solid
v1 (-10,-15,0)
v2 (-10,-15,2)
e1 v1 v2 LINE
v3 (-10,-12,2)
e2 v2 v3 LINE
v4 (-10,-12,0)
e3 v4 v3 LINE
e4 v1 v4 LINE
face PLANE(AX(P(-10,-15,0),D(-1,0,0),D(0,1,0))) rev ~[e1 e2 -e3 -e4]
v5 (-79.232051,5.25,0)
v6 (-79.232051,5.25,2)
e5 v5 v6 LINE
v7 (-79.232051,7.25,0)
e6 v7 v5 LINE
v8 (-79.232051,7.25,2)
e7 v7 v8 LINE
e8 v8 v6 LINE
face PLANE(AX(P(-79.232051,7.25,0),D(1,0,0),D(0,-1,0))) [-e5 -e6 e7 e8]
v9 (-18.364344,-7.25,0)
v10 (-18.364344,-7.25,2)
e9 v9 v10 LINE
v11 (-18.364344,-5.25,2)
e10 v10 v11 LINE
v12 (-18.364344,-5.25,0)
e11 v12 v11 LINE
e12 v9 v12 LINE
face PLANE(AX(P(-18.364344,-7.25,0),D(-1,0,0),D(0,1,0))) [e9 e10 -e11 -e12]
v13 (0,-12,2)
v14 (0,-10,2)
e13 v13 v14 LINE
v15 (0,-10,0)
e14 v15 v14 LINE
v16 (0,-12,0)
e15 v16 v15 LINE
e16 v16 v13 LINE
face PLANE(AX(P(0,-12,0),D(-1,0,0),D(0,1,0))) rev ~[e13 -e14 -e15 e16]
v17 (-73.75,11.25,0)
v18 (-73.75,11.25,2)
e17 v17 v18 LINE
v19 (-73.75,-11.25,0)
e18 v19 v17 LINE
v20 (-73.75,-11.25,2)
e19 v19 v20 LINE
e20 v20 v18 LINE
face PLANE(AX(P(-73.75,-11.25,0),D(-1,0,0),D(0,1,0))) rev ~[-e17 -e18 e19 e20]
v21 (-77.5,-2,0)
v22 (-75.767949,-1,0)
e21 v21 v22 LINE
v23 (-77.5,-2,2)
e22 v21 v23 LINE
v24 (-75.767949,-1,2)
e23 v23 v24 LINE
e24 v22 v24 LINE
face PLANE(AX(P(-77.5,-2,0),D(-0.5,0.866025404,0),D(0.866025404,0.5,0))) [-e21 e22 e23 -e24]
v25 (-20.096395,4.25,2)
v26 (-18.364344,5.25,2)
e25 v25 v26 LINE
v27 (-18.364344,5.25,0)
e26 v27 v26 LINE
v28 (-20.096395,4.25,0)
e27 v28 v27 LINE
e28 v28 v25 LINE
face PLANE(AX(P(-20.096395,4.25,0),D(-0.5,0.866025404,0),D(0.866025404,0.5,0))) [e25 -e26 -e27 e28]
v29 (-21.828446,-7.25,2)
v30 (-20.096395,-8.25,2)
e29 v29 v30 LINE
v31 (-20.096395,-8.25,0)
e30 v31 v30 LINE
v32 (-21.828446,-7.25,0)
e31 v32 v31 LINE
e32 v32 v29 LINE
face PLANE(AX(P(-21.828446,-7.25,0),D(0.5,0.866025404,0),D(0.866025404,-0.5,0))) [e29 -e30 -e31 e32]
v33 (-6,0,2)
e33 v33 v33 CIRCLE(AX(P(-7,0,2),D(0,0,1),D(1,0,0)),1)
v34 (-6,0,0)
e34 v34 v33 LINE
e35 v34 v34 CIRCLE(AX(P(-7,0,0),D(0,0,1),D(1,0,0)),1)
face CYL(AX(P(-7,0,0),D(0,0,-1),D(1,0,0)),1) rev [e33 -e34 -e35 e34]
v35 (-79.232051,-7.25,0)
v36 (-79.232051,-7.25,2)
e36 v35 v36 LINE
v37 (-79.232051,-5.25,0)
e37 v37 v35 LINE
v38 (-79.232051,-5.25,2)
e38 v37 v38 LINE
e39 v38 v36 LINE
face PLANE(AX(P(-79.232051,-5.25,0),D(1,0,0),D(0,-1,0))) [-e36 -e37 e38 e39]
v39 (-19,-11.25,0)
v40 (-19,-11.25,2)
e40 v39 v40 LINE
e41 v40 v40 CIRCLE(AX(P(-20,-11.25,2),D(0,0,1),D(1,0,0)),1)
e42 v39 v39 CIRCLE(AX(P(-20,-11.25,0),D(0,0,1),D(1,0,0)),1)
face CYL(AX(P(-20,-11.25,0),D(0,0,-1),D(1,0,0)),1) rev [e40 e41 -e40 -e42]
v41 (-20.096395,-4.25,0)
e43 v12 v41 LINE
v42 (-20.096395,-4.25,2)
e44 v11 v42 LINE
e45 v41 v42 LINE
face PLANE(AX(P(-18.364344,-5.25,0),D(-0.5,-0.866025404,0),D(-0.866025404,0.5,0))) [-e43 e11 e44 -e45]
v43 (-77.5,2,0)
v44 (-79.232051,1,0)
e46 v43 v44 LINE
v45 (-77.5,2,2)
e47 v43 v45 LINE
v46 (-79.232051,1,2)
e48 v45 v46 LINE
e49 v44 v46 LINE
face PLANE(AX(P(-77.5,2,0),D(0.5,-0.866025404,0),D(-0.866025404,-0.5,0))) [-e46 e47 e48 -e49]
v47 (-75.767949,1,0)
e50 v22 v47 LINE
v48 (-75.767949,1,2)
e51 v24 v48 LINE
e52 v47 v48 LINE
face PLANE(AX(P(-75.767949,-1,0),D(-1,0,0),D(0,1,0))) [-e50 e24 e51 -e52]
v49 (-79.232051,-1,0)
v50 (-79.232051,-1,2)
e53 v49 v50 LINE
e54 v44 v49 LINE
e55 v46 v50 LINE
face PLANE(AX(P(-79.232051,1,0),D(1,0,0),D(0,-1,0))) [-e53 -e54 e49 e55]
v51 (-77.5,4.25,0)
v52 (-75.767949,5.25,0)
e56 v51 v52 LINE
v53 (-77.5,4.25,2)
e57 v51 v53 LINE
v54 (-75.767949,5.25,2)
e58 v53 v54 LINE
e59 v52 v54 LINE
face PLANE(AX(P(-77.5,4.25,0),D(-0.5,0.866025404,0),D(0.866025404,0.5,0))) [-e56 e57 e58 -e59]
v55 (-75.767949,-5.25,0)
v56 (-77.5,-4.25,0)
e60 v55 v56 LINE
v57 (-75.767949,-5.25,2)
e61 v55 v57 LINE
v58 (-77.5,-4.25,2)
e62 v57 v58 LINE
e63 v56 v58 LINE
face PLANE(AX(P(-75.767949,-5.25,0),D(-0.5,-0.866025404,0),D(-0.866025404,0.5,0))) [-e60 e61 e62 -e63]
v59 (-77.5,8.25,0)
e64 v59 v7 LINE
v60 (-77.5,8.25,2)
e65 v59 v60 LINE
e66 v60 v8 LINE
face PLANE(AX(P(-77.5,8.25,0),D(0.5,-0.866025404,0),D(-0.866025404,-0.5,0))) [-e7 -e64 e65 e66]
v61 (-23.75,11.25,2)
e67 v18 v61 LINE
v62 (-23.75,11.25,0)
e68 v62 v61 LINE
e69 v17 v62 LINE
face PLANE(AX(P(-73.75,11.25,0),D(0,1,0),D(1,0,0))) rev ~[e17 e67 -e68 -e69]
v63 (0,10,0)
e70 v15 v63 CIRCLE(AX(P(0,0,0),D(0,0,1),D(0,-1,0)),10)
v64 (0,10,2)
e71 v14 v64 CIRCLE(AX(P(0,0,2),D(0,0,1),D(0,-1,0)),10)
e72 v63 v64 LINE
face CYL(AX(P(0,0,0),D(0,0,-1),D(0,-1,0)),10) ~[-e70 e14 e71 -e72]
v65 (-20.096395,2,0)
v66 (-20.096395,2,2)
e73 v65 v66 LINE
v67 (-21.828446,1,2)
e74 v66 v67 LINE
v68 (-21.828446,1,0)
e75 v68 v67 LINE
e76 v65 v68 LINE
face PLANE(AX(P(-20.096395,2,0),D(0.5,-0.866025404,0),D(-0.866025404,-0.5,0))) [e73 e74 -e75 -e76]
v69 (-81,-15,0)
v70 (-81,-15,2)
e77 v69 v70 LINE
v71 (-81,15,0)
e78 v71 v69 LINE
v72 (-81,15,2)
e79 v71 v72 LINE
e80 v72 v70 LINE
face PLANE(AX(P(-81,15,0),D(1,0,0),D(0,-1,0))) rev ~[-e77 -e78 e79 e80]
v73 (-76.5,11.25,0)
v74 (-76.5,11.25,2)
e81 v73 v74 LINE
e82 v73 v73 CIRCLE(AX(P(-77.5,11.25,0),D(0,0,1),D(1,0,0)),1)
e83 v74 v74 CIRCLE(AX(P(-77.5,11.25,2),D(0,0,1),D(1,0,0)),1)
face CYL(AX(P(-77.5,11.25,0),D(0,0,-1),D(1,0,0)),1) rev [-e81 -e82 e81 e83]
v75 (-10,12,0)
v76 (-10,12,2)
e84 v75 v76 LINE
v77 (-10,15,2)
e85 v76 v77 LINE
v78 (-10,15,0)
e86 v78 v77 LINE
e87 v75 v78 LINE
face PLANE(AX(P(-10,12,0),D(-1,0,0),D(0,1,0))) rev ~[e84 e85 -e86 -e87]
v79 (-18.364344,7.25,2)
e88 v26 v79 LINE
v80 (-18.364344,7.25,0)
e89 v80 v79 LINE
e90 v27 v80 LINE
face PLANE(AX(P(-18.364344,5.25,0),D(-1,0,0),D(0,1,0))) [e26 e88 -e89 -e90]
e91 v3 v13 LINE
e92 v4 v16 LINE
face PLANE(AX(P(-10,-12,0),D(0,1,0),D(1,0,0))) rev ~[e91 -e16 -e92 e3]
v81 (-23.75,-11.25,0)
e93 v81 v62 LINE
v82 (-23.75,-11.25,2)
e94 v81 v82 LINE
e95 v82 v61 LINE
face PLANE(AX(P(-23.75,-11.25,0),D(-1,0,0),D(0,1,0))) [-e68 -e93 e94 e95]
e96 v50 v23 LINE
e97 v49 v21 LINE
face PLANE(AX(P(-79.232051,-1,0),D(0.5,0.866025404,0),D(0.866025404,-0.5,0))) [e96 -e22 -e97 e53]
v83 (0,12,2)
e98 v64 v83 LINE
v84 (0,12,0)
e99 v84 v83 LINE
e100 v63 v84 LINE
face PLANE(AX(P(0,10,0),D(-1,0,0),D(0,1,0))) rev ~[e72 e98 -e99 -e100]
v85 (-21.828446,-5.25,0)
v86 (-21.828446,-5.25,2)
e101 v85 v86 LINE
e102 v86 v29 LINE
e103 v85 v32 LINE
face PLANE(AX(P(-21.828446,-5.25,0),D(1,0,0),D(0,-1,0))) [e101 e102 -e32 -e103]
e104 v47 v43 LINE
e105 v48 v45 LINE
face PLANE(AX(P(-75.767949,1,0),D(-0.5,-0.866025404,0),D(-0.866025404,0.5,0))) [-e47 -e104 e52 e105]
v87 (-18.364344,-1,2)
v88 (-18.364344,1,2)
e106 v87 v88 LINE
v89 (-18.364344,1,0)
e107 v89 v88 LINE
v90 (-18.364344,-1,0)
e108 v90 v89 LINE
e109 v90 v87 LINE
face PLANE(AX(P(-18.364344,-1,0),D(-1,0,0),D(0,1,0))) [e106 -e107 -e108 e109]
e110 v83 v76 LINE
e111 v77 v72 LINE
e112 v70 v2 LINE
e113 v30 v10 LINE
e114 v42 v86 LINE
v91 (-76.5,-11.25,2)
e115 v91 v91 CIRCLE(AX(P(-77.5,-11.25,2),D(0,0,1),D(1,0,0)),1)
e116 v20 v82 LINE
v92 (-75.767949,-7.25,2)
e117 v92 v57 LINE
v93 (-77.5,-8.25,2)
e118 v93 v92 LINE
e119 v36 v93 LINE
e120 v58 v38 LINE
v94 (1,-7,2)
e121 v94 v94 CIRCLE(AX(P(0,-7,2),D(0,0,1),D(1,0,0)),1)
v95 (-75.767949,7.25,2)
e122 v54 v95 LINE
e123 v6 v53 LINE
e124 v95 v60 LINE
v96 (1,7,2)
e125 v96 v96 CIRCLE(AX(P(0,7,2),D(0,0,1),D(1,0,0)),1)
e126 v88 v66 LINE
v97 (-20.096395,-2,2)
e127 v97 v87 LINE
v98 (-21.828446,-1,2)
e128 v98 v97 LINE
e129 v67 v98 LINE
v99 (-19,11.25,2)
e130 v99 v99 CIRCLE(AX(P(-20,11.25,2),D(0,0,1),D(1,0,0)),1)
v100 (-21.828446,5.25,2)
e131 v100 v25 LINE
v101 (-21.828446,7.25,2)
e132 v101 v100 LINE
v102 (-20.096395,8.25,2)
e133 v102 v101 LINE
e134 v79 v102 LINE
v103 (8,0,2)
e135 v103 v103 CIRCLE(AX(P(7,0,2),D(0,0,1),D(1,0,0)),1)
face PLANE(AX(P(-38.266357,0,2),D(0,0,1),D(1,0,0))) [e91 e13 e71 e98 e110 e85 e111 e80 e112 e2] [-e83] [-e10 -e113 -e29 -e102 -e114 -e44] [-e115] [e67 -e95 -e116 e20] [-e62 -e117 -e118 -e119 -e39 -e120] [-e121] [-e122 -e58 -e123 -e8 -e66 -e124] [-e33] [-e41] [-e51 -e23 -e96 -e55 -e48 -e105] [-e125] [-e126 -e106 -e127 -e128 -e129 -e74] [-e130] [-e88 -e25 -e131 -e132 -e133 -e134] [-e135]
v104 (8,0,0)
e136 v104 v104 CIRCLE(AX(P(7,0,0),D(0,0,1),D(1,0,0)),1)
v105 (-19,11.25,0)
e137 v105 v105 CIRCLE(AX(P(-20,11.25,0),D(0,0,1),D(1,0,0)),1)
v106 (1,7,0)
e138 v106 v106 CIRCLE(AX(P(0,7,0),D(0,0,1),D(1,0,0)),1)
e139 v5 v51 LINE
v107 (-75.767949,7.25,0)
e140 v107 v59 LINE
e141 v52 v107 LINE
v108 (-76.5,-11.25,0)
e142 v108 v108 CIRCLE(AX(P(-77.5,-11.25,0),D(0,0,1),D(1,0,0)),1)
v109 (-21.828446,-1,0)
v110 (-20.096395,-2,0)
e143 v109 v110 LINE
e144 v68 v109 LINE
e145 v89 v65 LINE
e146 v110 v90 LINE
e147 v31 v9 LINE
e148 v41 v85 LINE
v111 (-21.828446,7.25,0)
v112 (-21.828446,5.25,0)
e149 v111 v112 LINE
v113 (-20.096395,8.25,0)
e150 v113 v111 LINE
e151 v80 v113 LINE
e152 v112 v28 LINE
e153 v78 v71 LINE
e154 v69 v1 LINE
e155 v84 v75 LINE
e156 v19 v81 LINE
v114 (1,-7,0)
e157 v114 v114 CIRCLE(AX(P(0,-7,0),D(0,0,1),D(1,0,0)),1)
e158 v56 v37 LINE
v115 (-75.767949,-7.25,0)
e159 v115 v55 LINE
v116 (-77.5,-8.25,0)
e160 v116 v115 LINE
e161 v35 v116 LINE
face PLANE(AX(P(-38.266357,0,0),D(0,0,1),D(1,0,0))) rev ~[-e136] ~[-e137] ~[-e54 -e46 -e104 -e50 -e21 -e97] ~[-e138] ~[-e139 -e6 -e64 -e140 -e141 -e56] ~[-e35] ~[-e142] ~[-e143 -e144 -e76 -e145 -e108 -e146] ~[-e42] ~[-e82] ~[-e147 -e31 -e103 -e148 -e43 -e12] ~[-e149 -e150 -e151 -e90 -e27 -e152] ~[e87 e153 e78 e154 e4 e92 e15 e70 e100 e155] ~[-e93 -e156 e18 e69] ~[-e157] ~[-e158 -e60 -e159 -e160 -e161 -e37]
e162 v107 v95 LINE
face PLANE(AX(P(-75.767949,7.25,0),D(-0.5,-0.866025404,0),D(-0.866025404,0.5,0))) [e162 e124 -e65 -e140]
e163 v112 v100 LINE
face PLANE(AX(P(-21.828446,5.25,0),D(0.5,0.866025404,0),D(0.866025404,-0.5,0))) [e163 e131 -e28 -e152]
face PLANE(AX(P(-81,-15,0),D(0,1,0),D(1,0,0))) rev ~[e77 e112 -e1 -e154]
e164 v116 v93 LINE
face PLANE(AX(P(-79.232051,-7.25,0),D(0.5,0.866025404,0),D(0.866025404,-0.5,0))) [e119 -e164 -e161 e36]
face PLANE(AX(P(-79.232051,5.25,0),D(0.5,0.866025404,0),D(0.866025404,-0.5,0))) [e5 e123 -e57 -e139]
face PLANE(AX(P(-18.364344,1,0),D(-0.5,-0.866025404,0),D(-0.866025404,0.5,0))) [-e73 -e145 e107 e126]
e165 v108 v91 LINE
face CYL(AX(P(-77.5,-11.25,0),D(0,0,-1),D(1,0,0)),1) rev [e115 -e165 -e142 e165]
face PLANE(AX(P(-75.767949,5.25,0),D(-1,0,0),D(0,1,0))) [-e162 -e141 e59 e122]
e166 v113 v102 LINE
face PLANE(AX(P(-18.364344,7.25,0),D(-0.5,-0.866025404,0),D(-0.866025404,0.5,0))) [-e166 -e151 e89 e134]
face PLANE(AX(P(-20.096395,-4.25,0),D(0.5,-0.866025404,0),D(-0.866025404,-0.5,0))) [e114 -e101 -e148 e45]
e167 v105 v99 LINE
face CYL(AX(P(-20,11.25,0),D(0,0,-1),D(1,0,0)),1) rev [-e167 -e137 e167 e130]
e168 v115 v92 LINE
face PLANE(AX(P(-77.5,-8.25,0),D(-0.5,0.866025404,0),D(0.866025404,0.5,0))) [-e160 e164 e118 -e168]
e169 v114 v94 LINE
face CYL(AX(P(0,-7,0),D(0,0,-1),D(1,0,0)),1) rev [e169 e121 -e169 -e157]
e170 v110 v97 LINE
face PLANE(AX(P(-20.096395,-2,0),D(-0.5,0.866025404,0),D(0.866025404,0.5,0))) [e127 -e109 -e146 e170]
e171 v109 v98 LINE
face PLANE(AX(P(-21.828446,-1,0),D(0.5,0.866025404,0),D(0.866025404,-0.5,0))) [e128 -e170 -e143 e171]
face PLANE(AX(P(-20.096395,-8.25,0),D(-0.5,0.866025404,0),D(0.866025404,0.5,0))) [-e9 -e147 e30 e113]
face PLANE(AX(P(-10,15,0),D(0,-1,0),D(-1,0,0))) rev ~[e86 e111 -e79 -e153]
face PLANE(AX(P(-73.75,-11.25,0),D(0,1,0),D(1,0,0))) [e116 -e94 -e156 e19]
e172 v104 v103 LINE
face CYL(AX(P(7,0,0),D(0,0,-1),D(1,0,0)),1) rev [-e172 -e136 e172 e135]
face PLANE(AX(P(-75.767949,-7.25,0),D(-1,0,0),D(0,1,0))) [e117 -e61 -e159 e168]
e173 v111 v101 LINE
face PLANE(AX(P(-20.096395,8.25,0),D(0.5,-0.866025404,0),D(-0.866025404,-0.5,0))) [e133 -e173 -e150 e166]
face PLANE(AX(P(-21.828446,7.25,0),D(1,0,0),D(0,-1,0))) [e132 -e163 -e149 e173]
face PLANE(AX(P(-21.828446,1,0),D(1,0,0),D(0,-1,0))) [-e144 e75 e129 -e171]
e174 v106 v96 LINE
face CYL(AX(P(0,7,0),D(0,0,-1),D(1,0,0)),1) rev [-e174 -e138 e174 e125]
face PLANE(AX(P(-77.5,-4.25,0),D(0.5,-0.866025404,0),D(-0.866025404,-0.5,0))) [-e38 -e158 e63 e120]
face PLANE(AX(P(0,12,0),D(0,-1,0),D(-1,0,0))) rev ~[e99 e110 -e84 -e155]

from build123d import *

# Parameters (mm, degrees)
SKETCH1_R           = 1
SKETCH1_W           = 50
SKETCH1_H           = 22.5
BOSS_EXTRUDE1_DEPTH = 2


with BuildPart() as part:
    # Sketch1 → Boss-Extrude1 (new body)
    with BuildSketch(Plane.XY):
        with BuildLine():
            Line((0, 10), (0, 12))
            Line((0, 12), (-10, 12))
            Line((-10, 12), (-10, 15))
            Line((-10, 15), (-81, 15))
            Line((-81, 15), (-81, -15))
            Line((-81, -15), (-10, -15))
            Line((-10, -15), (-10, -12))
            Line((-10, -12), (0, -12))
            Line((0, -12), (0, -10))
            ThreePointArc((0, -10), (10, 0), (0, 10))
        make_face()
        with Locations((0, 7)):
            Circle(SKETCH1_R, mode=Mode.SUBTRACT)
        with Locations((7, 0)):
            Circle(SKETCH1_R, mode=Mode.SUBTRACT)
        with Locations((0, -7)):
            Circle(SKETCH1_R, mode=Mode.SUBTRACT)
        with Locations((-7, 0)):
            Circle(SKETCH1_R, mode=Mode.SUBTRACT)
        with Locations((-20, 11.25)):
            Circle(SKETCH1_R, mode=Mode.SUBTRACT)
        with Locations((-20, -11.25)):
            Circle(SKETCH1_R, mode=Mode.SUBTRACT)
        with Locations((-77.5, 11.25)):
            Circle(SKETCH1_R, mode=Mode.SUBTRACT)
        with Locations((-77.5, -11.25)):
            Circle(SKETCH1_R, mode=Mode.SUBTRACT)
        with Locations((-48.75, 0)):
            Rectangle(SKETCH1_W, SKETCH1_H, mode=Mode.SUBTRACT)
        Polygon((-20.096394859, 8.25), (-21.828445667, 7.25), (-21.828445667, 5.25), (-20.096394859, 4.25), (-18.364344051, 5.25), (-18.364344051, 7.25), align=None, mode=Mode.SUBTRACT)
        Polygon((-20.096394859, -8.25), (-18.364344051, -7.25), (-18.364344051, -5.25), (-20.096394859, -4.25), (-21.828445667, -5.25), (-21.828445667, -7.25), align=None, mode=Mode.SUBTRACT)
        Polygon((-20.096394859, -2), (-18.364344051, -1), (-18.364344051, 1), (-20.096394859, 2), (-21.828445667, 1), (-21.828445667, -1), align=None, mode=Mode.SUBTRACT)
        Polygon((-77.5, 4.25), (-75.767949192, 5.25), (-75.767949192, 7.25), (-77.5, 8.25), (-79.232050808, 7.25), (-79.232050808, 5.25), align=None, mode=Mode.SUBTRACT)
        Polygon((-77.5, -8.25), (-75.767949192, -7.25), (-75.767949192, -5.25), (-77.5, -4.25), (-79.232050808, -5.25), (-79.232050808, -7.25), align=None, mode=Mode.SUBTRACT)
        Polygon((-77.5, -2), (-75.767949192, -1), (-75.767949192, 1), (-77.5, 2), (-79.232050808, 1), (-79.232050808, -1), align=None, mode=Mode.SUBTRACT)
    extrude(amount=BOSS_EXTRUDE1_DEPTH)


solid = part.part
